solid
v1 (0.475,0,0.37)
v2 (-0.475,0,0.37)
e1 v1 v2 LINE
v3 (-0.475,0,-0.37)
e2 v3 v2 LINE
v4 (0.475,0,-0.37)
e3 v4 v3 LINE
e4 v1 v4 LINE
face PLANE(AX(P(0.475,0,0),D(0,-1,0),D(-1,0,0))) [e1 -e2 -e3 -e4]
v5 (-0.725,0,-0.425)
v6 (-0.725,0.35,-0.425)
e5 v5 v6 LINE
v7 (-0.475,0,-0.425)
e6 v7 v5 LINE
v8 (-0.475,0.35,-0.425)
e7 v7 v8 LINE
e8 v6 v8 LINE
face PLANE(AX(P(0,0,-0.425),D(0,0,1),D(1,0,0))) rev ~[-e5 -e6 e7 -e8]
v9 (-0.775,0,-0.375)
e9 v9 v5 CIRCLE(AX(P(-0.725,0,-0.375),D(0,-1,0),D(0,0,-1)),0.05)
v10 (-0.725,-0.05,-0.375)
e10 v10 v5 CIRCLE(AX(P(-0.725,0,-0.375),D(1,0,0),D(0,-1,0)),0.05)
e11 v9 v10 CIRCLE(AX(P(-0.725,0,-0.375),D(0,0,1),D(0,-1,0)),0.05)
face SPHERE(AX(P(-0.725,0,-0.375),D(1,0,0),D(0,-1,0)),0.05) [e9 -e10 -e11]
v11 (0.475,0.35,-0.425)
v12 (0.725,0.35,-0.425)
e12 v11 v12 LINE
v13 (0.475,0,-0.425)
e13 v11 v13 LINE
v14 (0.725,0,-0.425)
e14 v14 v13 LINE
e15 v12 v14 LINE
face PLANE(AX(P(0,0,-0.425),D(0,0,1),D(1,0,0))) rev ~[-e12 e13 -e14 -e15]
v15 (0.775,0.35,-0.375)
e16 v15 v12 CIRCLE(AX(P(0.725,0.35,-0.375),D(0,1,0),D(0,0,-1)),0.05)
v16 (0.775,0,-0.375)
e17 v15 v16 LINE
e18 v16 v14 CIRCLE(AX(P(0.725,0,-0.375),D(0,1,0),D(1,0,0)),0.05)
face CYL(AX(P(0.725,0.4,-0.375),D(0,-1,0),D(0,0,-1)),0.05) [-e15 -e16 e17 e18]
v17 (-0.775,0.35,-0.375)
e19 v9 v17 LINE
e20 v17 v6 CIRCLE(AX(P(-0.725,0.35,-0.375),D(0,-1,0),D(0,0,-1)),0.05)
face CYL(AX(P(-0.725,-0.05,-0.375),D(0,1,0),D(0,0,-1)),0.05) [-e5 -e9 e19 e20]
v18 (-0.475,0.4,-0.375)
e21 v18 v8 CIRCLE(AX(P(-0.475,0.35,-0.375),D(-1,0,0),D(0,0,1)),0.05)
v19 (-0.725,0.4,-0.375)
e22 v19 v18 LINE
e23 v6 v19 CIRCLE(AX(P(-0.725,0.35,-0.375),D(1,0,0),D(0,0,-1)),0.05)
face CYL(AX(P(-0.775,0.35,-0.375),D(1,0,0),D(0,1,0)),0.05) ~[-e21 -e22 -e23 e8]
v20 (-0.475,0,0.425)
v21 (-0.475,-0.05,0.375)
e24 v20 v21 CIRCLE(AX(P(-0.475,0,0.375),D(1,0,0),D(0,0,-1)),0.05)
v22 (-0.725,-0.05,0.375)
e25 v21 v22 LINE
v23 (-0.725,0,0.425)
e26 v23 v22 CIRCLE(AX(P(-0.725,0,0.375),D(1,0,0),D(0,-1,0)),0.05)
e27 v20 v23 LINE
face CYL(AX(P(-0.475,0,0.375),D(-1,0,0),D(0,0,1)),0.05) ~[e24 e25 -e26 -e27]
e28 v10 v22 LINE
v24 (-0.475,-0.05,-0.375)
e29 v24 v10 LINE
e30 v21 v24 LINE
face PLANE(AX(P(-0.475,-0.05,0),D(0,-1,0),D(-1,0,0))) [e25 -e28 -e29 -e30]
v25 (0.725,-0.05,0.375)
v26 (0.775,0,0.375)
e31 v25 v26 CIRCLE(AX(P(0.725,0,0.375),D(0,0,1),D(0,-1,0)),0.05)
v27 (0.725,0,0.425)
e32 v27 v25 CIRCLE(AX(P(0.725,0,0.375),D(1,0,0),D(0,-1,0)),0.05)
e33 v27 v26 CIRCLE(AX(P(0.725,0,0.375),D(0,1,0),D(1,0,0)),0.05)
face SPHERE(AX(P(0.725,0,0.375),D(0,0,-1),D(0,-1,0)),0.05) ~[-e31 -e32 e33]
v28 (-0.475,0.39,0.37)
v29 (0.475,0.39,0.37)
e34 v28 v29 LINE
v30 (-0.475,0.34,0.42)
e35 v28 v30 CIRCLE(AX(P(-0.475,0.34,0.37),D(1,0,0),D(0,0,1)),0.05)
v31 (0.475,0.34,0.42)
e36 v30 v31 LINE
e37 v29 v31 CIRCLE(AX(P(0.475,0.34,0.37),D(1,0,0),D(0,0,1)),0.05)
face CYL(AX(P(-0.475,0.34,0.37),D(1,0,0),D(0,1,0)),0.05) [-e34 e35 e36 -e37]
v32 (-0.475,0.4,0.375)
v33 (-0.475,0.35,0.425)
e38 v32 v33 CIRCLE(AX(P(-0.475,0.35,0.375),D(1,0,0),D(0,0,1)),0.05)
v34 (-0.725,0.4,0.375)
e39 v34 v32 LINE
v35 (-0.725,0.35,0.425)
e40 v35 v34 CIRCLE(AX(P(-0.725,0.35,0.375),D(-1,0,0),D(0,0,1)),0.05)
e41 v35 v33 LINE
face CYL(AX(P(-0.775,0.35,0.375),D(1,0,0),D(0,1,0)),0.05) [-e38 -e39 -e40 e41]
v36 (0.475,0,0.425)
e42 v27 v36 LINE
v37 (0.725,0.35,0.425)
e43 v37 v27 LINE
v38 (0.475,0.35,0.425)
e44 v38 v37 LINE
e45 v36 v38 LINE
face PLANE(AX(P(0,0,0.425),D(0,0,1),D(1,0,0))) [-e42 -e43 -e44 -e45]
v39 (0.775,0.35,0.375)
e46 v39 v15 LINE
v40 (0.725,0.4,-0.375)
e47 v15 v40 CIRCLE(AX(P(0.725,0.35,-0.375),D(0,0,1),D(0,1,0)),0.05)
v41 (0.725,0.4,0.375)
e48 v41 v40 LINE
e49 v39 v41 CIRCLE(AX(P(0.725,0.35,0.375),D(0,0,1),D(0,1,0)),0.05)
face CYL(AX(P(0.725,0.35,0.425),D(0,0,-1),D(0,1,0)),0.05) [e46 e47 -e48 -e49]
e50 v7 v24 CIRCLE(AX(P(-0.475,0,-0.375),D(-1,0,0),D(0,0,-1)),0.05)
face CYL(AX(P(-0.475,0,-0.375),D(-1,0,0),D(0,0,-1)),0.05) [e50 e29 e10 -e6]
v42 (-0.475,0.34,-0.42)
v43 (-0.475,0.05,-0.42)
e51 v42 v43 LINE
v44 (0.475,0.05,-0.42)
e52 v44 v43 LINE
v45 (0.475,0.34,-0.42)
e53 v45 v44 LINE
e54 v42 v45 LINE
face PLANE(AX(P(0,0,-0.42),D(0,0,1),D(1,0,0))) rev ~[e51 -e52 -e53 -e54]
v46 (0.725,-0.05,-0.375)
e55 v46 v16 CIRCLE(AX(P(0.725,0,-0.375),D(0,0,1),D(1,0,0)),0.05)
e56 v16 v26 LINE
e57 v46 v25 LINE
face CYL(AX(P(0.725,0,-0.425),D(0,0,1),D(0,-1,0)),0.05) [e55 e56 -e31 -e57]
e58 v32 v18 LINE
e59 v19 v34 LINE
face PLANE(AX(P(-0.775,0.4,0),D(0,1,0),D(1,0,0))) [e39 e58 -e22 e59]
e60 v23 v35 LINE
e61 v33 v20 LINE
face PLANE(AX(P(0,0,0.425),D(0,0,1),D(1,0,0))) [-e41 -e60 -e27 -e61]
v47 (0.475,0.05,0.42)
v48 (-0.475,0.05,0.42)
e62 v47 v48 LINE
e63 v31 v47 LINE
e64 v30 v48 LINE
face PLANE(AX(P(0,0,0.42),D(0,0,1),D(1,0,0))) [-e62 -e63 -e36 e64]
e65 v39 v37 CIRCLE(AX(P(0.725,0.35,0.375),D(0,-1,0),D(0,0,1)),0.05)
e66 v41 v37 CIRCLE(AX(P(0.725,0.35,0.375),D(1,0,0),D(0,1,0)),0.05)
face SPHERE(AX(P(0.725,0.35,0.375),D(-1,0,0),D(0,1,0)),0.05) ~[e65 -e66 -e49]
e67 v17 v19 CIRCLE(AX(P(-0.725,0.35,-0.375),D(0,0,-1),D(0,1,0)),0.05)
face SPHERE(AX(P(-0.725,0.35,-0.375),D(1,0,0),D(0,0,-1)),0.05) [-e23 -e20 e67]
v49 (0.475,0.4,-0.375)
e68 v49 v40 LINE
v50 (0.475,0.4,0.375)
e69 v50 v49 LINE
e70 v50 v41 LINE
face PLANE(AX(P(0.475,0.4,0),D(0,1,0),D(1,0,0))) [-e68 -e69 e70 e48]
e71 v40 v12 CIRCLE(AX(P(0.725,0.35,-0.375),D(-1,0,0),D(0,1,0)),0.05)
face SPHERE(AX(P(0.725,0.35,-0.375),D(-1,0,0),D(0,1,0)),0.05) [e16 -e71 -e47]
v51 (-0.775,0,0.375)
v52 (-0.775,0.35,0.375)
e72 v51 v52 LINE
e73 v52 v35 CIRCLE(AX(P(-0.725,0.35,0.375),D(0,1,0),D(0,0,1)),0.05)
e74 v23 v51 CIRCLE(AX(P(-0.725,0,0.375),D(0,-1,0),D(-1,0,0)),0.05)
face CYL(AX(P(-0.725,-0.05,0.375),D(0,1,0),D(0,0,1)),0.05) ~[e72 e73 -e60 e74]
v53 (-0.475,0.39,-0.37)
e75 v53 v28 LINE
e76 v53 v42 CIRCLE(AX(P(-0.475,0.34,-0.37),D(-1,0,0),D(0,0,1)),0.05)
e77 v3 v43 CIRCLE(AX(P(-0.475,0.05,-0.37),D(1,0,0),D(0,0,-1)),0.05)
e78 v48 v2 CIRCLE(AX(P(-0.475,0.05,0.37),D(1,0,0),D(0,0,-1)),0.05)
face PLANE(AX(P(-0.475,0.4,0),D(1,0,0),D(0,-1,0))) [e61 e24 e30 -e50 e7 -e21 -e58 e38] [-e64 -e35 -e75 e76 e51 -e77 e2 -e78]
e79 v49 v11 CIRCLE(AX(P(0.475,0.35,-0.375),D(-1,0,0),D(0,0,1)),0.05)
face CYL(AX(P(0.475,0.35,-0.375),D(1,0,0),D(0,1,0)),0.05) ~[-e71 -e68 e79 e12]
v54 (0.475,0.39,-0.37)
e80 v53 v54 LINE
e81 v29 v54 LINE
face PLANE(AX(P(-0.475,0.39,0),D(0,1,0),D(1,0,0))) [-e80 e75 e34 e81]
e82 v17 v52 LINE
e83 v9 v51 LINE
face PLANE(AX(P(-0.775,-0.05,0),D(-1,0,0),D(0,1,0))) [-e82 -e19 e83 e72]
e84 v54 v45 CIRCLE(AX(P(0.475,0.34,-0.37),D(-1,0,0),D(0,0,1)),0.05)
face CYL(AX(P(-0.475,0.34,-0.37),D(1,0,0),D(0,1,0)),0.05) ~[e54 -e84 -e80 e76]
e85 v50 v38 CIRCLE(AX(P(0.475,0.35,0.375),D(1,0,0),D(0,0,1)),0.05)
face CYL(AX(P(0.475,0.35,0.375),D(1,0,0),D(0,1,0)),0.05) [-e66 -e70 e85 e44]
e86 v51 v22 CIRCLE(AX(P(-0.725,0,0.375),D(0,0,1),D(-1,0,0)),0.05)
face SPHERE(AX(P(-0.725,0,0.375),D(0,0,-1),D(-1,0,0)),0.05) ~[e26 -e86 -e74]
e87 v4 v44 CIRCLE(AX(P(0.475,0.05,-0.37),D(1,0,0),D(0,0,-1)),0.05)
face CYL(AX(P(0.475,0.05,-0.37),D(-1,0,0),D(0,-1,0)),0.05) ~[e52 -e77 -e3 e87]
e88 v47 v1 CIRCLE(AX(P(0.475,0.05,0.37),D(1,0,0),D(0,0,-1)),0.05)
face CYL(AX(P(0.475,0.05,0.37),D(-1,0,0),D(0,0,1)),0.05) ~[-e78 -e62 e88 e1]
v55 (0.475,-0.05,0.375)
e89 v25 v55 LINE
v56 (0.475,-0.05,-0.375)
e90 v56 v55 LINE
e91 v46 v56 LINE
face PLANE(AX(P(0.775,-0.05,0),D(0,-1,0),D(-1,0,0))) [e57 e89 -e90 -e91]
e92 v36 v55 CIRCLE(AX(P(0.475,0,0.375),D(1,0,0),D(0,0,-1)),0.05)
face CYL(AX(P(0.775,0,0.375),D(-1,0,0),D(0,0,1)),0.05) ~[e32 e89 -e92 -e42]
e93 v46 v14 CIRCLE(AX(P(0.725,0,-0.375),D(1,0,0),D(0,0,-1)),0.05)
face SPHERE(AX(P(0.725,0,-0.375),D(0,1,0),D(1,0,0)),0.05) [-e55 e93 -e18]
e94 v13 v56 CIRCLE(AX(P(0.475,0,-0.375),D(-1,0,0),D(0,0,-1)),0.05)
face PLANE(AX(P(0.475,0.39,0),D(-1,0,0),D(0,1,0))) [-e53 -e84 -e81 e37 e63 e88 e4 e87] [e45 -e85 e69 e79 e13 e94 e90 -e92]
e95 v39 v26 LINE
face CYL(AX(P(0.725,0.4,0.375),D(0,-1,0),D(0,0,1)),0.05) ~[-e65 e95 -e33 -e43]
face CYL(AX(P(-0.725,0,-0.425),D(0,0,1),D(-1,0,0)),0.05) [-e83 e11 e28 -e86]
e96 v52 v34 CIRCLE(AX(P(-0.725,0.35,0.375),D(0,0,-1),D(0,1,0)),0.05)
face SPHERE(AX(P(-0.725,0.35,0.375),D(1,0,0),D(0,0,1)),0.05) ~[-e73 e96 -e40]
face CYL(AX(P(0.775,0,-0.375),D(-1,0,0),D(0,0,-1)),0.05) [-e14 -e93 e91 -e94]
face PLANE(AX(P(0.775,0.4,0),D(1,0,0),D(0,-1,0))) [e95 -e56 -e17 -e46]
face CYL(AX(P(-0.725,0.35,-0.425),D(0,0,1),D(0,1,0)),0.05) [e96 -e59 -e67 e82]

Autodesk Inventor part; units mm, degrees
ref_plane "YZ Plane" through (0, 0, 0) normal (1, 0, 0) x (0, 1, 0)
ref_plane "XZ Plane" through (0, 0, 0) normal (0, 1, 0) x (-1, 0, 0)
ref_plane "XY Plane" through (0, 0, 0) normal (0, 0, 1) x (1, 0, 0)
sketch "Sketch1" plane through (0, 0, 0) normal (0, 0, 1) x (1, 0, 0)
  line L0 (-0.775, 0.4) -> (-0.475, 0.4)
  line L1 (-0.475, 0.4) -> (-0.475, -0.05)
  line L2 (-0.475, -0.05) -> (-0.775, -0.05)
  line L3 (-0.775, -0.05) -> (-0.775, 0.4)
  line L4 (-0.475, 0.39) -> (0.475, 0.39)
  line L5 (0.475, 0.39) -> (0.475, 0)
  line L6 (0.475, 0) -> (-0.475, 0)
  line L7 (-0.475, 0) -> (-0.475, 0.39)
  line L8 (0.475, 0.4) -> (0.775, 0.4)
  line L9 (0.775, 0.4) -> (0.775, -0.05)
  line L10 (0.775, -0.05) -> (0.475, -0.05)
  line L11 (0.475, -0.05) -> (0.475, 0.4)
  point P0 (0, 0)
  point P1 (0, 0.39)
  point P2 (0, 0)
  dimension "d0" = 1.55
  dimension "d1" = 0.45
  dimension "d2" = 0.3
  dimension "d3" = 0.05
  dimension "d6" = 0.01
extrude "Extrusion1" add sketch "Sketch1" along normal mid plane 0.85 contours L0 L1 L2 L3 | L11 L8 L9 L10 L5
extrude "Extrusion2" add sketch "Sketch1" along normal mid plane 0.84 contours L4 L5 L6 L1
fillet "Fillet1" radius 0.05 20 edges at (-0.625, 0.4, 0.425) (0, 0.39, 0.42) (0.625, 0.4, 0.425) (-0.625, 0.4, -0.425) (0, 0.39, -0.42) (0.625, 0.4, -0.425) (0.775, 0.4, 0) (0.775, 0.175, -0.425) (0.775, -0.05, 0) (0.625, -0.05, -0.425) (0.625, -0.05, 0.425) (0.775, 0.175, 0.425) (0, 0, 0.42) (0, 0, -0.42) (-0.625, -0.05, -0.425) (-0.775, -0.05, 0) (-0.775, 0.175, 0.425) (-0.625, -0.05, 0.425) (-0.775, 0.175, -0.425) (-0.775, 0.4, 0)
properties part number "Thermistor_1608" material "Copper"
